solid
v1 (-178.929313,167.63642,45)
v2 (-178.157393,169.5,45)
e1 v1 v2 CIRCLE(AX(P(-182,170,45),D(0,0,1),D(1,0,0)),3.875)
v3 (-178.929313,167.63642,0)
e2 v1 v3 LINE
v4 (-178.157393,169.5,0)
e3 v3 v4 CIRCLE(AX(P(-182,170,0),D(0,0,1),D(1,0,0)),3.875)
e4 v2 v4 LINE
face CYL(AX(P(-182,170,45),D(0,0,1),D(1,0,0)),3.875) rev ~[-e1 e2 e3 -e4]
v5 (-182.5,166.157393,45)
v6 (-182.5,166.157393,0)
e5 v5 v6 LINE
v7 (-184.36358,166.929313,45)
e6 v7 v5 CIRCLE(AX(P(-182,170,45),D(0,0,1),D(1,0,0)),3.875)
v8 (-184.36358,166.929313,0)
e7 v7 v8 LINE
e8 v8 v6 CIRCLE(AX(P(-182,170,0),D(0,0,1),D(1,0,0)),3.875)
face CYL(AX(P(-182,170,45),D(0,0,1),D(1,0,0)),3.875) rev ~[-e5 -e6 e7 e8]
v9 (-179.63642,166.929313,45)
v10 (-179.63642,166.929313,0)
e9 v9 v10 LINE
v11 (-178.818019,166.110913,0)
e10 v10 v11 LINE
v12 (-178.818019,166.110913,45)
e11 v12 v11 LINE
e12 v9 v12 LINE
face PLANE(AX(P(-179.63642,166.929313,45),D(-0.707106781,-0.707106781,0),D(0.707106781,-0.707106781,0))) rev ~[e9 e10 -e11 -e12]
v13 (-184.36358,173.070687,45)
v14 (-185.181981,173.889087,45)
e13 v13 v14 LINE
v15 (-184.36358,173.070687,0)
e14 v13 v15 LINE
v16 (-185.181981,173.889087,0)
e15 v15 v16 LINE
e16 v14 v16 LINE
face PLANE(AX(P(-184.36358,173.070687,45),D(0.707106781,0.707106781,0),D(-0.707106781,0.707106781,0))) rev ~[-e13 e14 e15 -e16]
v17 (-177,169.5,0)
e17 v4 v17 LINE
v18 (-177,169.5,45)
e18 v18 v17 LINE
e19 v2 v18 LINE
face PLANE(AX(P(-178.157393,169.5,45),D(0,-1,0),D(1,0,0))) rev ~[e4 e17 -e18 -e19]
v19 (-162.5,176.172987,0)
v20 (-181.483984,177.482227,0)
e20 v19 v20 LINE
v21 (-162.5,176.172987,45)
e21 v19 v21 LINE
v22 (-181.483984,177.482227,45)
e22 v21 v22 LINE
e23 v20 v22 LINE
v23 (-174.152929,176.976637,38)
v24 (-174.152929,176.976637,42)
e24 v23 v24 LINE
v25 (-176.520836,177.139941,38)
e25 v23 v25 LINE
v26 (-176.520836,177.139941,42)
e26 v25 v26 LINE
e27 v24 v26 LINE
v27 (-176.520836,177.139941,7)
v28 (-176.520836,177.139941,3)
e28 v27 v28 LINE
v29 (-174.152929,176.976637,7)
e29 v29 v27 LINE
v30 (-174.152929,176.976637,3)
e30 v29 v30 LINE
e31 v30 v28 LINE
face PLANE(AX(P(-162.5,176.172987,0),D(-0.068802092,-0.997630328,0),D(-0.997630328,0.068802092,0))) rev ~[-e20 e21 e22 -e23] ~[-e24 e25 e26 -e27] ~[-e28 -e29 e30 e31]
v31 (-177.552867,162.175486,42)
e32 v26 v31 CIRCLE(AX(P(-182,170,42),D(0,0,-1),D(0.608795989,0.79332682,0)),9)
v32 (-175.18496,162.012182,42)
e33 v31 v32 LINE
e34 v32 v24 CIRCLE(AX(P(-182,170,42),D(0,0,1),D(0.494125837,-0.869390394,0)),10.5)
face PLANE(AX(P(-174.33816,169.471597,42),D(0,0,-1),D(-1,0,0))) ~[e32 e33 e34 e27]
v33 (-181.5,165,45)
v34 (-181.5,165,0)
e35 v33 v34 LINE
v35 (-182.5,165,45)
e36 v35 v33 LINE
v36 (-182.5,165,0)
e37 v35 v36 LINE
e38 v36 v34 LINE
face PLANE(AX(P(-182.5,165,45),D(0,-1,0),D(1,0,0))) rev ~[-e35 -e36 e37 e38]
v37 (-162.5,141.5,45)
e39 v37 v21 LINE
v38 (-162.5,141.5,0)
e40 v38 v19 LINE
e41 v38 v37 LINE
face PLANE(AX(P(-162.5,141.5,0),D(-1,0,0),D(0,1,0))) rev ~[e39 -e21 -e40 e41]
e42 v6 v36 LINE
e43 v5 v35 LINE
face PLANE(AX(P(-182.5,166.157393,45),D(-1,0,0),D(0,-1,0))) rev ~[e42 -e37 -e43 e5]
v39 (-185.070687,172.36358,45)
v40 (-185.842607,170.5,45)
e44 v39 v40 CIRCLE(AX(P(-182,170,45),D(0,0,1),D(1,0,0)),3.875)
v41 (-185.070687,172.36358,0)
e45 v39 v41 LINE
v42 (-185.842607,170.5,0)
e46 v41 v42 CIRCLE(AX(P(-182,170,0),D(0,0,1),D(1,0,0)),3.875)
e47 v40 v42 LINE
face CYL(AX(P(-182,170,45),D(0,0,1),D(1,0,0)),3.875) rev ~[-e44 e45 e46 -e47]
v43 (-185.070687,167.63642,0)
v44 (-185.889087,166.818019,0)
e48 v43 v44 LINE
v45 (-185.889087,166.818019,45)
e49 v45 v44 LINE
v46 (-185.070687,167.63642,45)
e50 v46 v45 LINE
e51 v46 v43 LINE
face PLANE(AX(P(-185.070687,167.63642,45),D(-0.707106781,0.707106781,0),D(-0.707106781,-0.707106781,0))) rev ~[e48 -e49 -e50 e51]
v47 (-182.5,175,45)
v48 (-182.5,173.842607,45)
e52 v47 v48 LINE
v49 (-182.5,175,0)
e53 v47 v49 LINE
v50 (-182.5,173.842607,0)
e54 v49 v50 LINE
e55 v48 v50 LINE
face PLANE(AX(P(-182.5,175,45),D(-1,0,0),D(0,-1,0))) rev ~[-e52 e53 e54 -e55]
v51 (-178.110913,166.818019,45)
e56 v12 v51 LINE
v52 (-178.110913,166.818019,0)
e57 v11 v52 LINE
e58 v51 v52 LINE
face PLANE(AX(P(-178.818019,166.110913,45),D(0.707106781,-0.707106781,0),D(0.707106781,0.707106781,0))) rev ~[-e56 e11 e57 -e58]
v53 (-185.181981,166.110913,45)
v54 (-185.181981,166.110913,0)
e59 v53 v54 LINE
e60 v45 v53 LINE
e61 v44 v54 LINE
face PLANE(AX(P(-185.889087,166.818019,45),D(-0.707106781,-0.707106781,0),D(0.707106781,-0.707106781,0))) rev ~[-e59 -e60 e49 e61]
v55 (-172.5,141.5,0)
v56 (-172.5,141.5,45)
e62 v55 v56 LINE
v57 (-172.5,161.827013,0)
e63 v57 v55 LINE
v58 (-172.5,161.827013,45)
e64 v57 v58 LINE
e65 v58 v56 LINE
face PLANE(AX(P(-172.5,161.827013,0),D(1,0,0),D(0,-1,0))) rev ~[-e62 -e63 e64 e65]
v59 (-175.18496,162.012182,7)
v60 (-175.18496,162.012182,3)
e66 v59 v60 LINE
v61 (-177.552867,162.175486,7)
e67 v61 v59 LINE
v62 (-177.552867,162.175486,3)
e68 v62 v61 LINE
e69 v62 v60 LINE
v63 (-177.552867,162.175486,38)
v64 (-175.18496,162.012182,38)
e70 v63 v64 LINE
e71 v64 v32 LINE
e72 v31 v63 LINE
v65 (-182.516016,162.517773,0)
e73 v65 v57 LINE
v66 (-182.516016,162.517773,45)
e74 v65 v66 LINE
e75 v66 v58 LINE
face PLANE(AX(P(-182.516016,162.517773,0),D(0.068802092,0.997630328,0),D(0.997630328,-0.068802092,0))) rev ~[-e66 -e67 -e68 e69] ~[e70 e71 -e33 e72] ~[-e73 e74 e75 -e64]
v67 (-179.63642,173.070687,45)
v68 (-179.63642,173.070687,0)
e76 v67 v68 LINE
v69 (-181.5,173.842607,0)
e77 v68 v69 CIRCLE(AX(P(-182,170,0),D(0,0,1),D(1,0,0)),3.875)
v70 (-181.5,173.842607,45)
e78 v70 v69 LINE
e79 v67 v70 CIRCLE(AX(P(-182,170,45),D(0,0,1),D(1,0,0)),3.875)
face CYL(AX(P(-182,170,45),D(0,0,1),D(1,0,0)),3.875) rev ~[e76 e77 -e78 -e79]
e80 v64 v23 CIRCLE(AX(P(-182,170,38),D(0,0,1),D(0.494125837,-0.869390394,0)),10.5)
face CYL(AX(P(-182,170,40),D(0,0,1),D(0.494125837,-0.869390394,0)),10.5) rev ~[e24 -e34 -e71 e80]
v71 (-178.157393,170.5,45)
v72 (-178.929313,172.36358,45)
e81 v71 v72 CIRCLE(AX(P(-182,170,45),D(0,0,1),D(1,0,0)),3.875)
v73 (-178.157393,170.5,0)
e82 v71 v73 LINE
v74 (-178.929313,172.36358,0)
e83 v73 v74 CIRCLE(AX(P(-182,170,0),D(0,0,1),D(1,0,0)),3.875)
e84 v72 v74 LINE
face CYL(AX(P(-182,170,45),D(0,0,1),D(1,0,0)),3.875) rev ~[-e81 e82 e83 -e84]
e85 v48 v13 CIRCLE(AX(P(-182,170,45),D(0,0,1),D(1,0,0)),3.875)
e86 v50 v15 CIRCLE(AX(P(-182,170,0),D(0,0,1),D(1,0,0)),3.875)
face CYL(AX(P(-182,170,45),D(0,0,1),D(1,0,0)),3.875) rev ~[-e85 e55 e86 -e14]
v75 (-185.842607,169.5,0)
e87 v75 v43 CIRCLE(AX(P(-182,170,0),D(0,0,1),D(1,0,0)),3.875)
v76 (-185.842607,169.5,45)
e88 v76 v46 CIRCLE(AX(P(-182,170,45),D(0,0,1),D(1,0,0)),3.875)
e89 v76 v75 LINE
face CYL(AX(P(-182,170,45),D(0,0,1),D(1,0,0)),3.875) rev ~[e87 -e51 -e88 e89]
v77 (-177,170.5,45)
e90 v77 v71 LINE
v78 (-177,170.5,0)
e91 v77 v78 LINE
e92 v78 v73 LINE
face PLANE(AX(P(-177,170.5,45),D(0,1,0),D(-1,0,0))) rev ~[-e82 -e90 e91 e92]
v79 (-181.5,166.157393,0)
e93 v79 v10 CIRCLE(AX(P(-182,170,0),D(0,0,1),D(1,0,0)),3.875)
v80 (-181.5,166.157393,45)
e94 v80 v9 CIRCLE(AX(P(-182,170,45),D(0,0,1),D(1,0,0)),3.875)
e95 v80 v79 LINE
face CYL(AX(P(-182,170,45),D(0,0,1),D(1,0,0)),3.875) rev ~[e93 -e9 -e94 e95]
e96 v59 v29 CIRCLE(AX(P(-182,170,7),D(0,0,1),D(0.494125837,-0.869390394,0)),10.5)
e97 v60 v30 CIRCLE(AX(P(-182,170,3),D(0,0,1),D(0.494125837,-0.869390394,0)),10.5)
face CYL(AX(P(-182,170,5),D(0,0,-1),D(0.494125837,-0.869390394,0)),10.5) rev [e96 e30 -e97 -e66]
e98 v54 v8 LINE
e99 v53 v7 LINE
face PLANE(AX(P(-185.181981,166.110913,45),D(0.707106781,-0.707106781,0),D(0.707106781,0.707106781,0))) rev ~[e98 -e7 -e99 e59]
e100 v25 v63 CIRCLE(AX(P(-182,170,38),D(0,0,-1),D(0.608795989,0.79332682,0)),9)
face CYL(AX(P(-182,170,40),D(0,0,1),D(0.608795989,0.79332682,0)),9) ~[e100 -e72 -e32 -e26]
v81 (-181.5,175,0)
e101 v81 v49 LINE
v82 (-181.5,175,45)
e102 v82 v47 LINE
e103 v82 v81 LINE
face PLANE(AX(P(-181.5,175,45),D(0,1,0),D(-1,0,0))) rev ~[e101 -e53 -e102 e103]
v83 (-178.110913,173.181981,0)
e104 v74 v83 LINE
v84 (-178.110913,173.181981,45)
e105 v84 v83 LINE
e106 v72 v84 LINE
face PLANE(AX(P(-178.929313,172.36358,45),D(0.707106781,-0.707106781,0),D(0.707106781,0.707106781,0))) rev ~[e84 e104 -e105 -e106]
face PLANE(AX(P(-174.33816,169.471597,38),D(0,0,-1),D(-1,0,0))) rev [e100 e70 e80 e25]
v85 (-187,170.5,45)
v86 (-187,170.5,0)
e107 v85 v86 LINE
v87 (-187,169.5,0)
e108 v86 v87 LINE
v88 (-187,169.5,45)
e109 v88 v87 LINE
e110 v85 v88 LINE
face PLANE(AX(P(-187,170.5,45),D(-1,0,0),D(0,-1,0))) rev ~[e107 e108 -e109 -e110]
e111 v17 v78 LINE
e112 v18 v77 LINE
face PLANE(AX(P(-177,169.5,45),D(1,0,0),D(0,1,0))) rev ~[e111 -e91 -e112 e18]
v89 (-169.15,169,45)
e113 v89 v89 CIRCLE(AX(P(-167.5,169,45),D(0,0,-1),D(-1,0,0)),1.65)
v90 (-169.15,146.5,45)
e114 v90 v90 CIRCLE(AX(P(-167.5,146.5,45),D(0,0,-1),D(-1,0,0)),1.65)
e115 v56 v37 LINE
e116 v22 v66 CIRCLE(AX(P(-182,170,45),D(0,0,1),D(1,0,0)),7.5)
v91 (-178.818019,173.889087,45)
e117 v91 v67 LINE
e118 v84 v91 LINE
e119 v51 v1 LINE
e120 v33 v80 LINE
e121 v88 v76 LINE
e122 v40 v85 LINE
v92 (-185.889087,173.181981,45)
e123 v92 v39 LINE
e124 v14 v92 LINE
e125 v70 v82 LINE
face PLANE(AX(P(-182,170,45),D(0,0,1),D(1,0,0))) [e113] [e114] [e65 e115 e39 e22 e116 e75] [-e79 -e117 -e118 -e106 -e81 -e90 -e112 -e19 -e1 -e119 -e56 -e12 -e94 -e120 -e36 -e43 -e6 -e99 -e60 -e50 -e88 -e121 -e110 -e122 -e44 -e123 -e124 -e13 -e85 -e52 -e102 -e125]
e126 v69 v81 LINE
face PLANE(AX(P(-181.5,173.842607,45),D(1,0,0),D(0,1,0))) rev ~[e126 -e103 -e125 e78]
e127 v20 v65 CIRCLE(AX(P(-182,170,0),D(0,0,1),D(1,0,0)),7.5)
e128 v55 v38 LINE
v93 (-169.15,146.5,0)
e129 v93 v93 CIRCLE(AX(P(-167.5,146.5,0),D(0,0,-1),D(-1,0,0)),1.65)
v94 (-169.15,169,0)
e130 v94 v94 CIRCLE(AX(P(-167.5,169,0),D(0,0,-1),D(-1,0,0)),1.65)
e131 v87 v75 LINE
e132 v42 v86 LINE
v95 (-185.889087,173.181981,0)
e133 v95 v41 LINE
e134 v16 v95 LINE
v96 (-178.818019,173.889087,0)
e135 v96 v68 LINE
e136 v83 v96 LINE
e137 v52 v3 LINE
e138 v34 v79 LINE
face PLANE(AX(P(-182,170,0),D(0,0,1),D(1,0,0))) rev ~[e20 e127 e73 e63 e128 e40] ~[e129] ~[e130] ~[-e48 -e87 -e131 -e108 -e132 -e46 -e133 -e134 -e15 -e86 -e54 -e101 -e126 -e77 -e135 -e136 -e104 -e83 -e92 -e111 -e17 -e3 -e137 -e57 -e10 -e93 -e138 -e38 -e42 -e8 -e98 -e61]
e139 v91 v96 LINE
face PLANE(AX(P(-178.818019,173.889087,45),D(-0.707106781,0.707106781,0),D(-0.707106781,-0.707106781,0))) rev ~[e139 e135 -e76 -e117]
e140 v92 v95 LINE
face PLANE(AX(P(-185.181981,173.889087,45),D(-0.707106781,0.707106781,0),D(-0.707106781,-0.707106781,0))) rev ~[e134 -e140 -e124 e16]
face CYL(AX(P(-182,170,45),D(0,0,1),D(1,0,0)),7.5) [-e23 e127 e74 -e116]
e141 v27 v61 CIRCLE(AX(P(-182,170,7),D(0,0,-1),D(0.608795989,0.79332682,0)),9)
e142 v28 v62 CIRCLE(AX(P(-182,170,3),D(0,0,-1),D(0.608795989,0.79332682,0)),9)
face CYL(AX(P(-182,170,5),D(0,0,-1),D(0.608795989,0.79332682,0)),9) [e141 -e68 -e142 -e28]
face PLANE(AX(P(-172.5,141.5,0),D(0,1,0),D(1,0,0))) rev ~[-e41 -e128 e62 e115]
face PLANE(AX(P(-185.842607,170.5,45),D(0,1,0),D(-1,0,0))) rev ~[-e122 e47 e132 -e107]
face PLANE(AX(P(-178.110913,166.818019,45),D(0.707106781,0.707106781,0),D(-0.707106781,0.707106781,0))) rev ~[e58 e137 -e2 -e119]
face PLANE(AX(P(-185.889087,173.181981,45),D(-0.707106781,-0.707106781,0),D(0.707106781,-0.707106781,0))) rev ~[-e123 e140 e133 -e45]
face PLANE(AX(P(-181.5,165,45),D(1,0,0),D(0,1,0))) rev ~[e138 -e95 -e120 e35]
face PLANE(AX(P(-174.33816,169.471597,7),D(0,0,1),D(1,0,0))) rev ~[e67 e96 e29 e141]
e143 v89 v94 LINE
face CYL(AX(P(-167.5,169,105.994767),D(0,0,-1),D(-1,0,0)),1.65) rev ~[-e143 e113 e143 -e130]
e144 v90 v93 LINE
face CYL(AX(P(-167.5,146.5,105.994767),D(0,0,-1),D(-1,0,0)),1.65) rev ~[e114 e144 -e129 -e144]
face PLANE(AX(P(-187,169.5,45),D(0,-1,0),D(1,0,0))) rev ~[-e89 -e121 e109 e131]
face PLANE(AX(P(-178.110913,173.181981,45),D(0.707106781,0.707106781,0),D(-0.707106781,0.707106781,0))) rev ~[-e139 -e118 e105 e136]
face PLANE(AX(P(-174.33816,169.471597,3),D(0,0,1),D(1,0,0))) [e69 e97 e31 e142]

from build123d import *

# Parameters (mm, degrees)
BOSS_EXTRUDE1_DEPTH   = 45
CUT_EXTRUDE1_START    = -5
CUT_EXTRUDE1_DEPTH    = 2
M4X0_7_TAPPED_HOLE1_D = 3.3
SKETCH5_R             = 7.5
BOSS_EXTRUDE2_DEPTH   = 45
SKETCH6_R             = 3.875
CUT_EXTRUDE2_DEPTH    = 46
CUT_EXTRUDE4_DEPTH    = 46


with BuildPart() as part:
    # Sketch1 → Boss-Extrude1 (new body)
    with BuildSketch(Plane.XY):
        with BuildLine():
            Line((-182.516015687, 162.517772537), (-172.5, 161.827012834))
            Line((-172.5, 161.827012834), (-172.5, 141.5))
            Line((-172.5, 141.5), (-162.5, 141.5))
            Line((-162.5, 141.5), (-162.5, 176.172987166))
            Line((-162.5, 176.172987166), (-181.483984313, 177.482227463))
            ThreePointArc((-181.483984313, 177.482227463), (-174.517772537, 169.483984313), (-182.516015687, 162.517772537))
        make_face()
    extrude(amount=BOSS_EXTRUDE1_DEPTH)

    # Sketch2 → Cut-Extrude1 (cut, symmetric)
    with BuildSketch(Plane(origin=(0, 0, 0), x_dir=(-1, 0, 0), z_dir=(0, 0, -1)).offset(CUT_EXTRUDE1_START)):
        with BuildLine():
            ThreePointArc((176.520836095, 177.139941379), (173.021327044, 169.380781175), (177.552867469, 162.175486453))
            ThreePointArc((177.552867469, 162.175486453), (177.834315887, 161.15284928), (176.811678714, 160.871400862))
            ThreePointArc((176.811678714, 160.871400862), (171.524881552, 169.277578038), (175.60764211, 178.329931609))
            ThreePointArc((175.60764211, 178.329931609), (176.659234217, 178.191533486), (176.520836095, 177.139941379))
        make_face()
    cut_extrude1 = extrude(amount=CUT_EXTRUDE1_DEPTH, both=True, mode=Mode.SUBTRACT)

    # Mirror1: Cut-Extrude1 across plane
    add(cut_extrude1.mirror(Plane(origin=(0, 0, 22.5), x_dir=(1, 0, 0), z_dir=(0, 0, -1))), mode=Mode.SUBTRACT)

    # M4x0.7 Tapped Hole1 (through all)
    with Locations(Plane.XY.offset(45)):
        with Locations((-167.5, 169), (-167.5, 146.5)):
            Hole(M4X0_7_TAPPED_HOLE1_D / 2)

    # Sketch5 → Boss-Extrude2 (add, through all)
    with BuildSketch(Plane.XY.offset(45)):
        with Locations((-182, 170)):
            Circle(SKETCH5_R)
    extrude(amount=-BOSS_EXTRUDE2_DEPTH)

    # Sketch6 → Cut-Extrude2 (cut, through all)
    with BuildSketch(Plane.XY.offset(45)):
        with Locations((-182, 170)):
            Circle(SKETCH6_R)
    extrude(amount=-CUT_EXTRUDE2_DEPTH, mode=Mode.SUBTRACT)

    # Sketch8 → Cut-Extrude4 (cut, through all)
    with BuildSketch(Plane.XY.offset(45)):
        with BuildLine():
            ThreePointArc((-178.929313469, 167.636420251), (-179.259961223, 167.259961223), (-179.636420251, 166.929313469))
            Line((-179.636420251, 166.929313469), (-178.818019485, 166.110912703))
            Line((-178.818019485, 166.110912703), (-178.110912703, 166.818019485))
            Line((-178.110912703, 166.818019485), (-178.929313469, 167.636420251))
        make_face()
        with BuildLine():
            Line((-182.5, 166.157393463), (-182.5, 165))
            Line((-182.5, 165), (-181.5, 165))
            Line((-181.5, 165), (-181.5, 166.157393463))
            ThreePointArc((-181.5, 166.157393463), (-182, 166.125), (-182.5, 166.157393463))
        make_face()
        with BuildLine():
            Line((-185.181980515, 166.110912703), (-184.363579749, 166.929313469))
            ThreePointArc((-184.363579749, 166.929313469), (-184.740038777, 167.259961223), (-185.070686531, 167.636420251))
            Line((-185.070686531, 167.636420251), (-185.889087297, 166.818019485))
            Line((-185.889087297, 166.818019485), (-185.181980515, 166.110912703))
        make_face()
        with BuildLine():
            Line((-187, 169.5), (-185.842606537, 169.5))
            ThreePointArc((-185.842606537, 169.5), (-185.875, 170), (-185.842606537, 170.5))
            Line((-185.842606537, 170.5), (-187, 170.5))
            Line((-187, 170.5), (-187, 169.5))
        make_face()
        with BuildLine():
            Line((-185.889087297, 173.181980515), (-185.070686531, 172.363579749))
            ThreePointArc((-185.070686531, 172.363579749), (-184.740038777, 172.740038777), (-184.363579749, 173.070686531))
            Line((-184.363579749, 173.070686531), (-185.181980515, 173.889087297))
            Line((-185.181980515, 173.889087297), (-185.889087297, 173.181980515))
        make_face()
        with BuildLine():
            Line((-182.5, 175), (-182.5, 173.842606537))
            ThreePointArc((-182.5, 173.842606537), (-182, 173.875), (-181.5, 173.842606537))
            Line((-181.5, 173.842606537), (-181.5, 175))
            Line((-181.5, 175), (-182.5, 175))
        make_face()
        with BuildLine():
            ThreePointArc((-179.636420251, 173.070686531), (-179.259961223, 172.740038777), (-178.929313469, 172.363579749))
            Line((-178.929313469, 172.363579749), (-178.110912703, 173.181980515))
            Line((-178.110912703, 173.181980515), (-178.818019485, 173.889087297))
            Line((-178.818019485, 173.889087297), (-179.636420251, 173.070686531))
        make_face()
        with BuildLine():
            ThreePointArc((-178.125, 170), (-178.133106846, 169.749475881), (-178.157393463, 169.5))
            Line((-178.157393463, 169.5), (-177, 169.5))
            Line((-177, 169.5), (-177, 170.5))
            Line((-177, 170.5), (-178.157393463, 170.5))
            ThreePointArc((-178.157393463, 170.5), (-178.133106846, 170.250524119), (-178.125, 170))
        make_face()
    extrude(amount=-CUT_EXTRUDE4_DEPTH, mode=Mode.SUBTRACT)


solid = part.part
